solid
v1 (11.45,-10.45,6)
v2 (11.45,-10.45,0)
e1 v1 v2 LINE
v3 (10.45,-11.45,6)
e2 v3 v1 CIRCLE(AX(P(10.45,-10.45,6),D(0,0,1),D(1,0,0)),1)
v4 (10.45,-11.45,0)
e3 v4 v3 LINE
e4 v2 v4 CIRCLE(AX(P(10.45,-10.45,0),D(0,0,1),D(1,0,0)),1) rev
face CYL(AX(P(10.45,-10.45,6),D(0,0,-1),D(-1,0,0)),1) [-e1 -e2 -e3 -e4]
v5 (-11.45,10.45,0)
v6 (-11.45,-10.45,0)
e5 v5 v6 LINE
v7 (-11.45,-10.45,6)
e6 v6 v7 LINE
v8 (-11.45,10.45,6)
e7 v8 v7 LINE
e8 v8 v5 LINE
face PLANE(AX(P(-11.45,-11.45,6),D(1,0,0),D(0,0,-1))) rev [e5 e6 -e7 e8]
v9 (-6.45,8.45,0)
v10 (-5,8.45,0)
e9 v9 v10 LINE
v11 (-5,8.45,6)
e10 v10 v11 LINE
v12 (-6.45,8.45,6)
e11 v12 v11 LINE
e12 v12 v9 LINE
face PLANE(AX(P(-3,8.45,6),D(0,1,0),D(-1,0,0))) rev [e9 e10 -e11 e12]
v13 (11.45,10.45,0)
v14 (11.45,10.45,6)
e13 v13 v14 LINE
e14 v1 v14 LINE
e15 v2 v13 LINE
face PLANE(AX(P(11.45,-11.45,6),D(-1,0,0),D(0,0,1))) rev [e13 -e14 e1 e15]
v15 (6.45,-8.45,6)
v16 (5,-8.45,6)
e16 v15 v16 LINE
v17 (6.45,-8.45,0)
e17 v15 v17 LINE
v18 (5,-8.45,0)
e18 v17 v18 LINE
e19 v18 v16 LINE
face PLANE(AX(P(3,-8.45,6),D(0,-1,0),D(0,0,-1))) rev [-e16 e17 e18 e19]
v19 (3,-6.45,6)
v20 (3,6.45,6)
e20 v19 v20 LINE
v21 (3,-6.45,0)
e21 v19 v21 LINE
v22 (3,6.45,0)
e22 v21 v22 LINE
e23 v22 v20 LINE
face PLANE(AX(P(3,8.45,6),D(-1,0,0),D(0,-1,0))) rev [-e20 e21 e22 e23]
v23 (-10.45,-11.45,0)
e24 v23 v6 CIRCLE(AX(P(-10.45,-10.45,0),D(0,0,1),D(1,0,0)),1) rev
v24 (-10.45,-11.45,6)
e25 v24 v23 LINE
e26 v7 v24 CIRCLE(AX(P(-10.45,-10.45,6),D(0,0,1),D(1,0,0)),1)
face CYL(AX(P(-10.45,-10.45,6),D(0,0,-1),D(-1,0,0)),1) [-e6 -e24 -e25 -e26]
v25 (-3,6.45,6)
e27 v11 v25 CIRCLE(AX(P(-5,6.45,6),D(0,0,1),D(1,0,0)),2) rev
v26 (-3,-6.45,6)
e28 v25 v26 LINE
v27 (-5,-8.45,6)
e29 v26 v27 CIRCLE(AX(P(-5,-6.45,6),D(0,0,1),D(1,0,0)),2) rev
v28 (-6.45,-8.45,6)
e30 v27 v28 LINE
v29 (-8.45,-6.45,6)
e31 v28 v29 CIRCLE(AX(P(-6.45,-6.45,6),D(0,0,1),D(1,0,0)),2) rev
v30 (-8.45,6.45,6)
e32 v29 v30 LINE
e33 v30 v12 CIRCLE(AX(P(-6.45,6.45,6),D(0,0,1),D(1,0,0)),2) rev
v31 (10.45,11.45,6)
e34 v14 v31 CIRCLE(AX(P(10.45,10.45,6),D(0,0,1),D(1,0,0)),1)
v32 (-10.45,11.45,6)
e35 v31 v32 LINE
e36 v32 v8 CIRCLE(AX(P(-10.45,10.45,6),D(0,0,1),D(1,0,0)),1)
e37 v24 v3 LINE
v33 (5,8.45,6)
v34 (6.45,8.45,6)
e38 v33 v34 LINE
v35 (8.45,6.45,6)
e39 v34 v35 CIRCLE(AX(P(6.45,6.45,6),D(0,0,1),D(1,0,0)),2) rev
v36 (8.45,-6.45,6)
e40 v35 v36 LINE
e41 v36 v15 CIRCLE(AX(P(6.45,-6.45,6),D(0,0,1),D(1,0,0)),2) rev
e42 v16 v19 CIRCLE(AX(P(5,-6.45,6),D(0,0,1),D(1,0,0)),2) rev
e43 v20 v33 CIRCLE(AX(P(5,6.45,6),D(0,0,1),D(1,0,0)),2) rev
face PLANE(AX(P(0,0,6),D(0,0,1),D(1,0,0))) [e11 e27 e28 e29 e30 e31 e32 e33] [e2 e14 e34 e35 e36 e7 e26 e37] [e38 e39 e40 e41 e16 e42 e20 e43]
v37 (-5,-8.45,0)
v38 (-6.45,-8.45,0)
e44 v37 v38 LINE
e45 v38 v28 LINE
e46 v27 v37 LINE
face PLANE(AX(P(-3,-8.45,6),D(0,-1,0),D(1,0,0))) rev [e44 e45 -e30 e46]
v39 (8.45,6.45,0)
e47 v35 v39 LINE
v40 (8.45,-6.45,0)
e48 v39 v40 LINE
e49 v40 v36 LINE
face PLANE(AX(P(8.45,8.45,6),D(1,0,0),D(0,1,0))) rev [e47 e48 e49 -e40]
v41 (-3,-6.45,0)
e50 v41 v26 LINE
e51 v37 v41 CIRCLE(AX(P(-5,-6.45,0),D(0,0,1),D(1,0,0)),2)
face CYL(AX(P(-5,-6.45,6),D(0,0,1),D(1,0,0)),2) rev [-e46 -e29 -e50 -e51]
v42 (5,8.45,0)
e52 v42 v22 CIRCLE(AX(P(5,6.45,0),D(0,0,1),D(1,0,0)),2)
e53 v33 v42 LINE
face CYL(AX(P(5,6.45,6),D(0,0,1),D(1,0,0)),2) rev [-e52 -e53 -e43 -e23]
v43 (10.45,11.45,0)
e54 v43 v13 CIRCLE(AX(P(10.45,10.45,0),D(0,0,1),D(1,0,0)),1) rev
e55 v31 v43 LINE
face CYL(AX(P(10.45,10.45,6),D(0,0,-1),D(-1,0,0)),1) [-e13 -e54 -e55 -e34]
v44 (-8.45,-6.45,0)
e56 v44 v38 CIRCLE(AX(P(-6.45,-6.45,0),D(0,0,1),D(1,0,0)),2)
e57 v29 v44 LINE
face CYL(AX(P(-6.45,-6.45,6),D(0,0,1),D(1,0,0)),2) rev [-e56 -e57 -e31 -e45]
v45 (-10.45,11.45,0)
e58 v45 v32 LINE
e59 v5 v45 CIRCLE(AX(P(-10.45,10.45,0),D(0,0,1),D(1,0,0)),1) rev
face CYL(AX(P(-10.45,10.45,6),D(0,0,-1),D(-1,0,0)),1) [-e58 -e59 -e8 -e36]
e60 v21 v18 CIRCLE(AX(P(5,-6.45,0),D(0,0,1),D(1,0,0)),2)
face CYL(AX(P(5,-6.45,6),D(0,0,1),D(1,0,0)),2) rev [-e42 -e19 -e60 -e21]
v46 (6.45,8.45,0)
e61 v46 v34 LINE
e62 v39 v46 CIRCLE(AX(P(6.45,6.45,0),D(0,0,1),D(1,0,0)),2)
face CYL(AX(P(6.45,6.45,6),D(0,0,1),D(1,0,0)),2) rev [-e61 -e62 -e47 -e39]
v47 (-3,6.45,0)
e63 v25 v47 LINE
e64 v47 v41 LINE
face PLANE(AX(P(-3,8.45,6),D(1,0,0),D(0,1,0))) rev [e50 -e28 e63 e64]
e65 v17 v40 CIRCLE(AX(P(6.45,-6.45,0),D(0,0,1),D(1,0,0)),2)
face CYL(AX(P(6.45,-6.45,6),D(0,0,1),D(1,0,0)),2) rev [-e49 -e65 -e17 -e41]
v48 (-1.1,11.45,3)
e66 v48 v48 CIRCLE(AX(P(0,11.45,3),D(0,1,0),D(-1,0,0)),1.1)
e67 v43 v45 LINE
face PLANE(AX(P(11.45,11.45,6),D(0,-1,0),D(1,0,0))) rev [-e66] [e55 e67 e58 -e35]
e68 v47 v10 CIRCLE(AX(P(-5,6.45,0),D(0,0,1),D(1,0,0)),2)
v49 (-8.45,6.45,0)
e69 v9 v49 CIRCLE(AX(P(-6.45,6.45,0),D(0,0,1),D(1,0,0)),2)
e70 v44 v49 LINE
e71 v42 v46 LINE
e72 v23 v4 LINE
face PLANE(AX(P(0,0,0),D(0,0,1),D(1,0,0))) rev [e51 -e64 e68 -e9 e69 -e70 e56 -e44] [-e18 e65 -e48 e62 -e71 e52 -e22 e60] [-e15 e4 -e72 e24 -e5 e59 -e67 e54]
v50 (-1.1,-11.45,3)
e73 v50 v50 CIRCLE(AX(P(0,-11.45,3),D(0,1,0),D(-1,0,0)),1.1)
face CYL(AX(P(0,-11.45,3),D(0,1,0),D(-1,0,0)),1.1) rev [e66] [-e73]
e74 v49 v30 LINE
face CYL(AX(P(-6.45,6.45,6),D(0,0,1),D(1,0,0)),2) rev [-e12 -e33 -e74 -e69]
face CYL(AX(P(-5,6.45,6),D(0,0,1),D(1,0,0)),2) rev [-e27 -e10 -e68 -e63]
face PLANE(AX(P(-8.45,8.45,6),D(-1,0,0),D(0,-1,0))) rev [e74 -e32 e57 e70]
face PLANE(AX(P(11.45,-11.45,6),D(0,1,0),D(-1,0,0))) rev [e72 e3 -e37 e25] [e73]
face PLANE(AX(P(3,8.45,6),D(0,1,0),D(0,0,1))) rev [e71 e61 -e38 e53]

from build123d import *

# Parameters (mm, degrees)
SKETCH_1_W          = 22.9
SKETCH_1_H          = 22.9
EXTRUDE_1_DEPTH     = 6
SKETCH_2_R          = 1.1
CUT_EXTRUDE_1_DEPTH = 27.296625259
SKETCH_3_W          = 5.45
SKETCH_3_H          = 16.9
CUT_EXTRUDE_2_DEPTH = 6
FILLET_1_R          = 2
FILLET_2_R          = 1


with BuildPart() as part:
    # 草图1 → 凸台-拉伸1 (new body)
    with BuildSketch(Plane.XY):
        Rectangle(SKETCH_1_W, SKETCH_1_H)
    extrude(amount=EXTRUDE_1_DEPTH)

    # 草图2 → 切除-拉伸1 (cut, through all)
    with BuildSketch(Plane(origin=(0, 11.45, 0), x_dir=(1, 0, 0), z_dir=(0, 1, 0))):
        with Locations(Location((0, -3, 0), (0, 0, 180))):
            Circle(SKETCH_2_R)
    extrude(amount=-CUT_EXTRUDE_1_DEPTH, mode=Mode.SUBTRACT)

    # 草图3 → 切除-拉伸2 (cut)
    with BuildSketch(Plane(origin=(0, 0, 0), x_dir=(-1, 0, 0), z_dir=(0, 0, -1))):
        with Locations((5.725, 0)):
            Rectangle(SKETCH_3_W, SKETCH_3_H)
        with Locations((-5.725, 0)):
            Rectangle(SKETCH_3_W, SKETCH_3_H)
    extrude(amount=-CUT_EXTRUDE_2_DEPTH, mode=Mode.SUBTRACT)

    # 圆角1
    fillet_1_edges = [part.edges().sort_by_distance(p)[0] for p in [
        (-8.45, 8.45, 3),
        (-8.45, -8.45, 3),
        (-3, -8.45, 3),
        (-3, 8.45, 3),
        (3, 8.45, 3),
        (3, -8.45, 3),
        (8.45, -8.45, 3),
        (8.45, 8.45, 3),
    ]]
    fillet(fillet_1_edges, radius=FILLET_1_R)

    # 圆角2
    fillet_2_edges = [part.edges().sort_by_distance(p)[0] for p in [
        (-11.45, 11.45, 3),
        (11.45, 11.45, 3),
        (11.45, -11.45, 3),
        (-11.45, -11.45, 3),
    ]]
    fillet(fillet_2_edges, radius=FILLET_2_R)


solid = part.part
